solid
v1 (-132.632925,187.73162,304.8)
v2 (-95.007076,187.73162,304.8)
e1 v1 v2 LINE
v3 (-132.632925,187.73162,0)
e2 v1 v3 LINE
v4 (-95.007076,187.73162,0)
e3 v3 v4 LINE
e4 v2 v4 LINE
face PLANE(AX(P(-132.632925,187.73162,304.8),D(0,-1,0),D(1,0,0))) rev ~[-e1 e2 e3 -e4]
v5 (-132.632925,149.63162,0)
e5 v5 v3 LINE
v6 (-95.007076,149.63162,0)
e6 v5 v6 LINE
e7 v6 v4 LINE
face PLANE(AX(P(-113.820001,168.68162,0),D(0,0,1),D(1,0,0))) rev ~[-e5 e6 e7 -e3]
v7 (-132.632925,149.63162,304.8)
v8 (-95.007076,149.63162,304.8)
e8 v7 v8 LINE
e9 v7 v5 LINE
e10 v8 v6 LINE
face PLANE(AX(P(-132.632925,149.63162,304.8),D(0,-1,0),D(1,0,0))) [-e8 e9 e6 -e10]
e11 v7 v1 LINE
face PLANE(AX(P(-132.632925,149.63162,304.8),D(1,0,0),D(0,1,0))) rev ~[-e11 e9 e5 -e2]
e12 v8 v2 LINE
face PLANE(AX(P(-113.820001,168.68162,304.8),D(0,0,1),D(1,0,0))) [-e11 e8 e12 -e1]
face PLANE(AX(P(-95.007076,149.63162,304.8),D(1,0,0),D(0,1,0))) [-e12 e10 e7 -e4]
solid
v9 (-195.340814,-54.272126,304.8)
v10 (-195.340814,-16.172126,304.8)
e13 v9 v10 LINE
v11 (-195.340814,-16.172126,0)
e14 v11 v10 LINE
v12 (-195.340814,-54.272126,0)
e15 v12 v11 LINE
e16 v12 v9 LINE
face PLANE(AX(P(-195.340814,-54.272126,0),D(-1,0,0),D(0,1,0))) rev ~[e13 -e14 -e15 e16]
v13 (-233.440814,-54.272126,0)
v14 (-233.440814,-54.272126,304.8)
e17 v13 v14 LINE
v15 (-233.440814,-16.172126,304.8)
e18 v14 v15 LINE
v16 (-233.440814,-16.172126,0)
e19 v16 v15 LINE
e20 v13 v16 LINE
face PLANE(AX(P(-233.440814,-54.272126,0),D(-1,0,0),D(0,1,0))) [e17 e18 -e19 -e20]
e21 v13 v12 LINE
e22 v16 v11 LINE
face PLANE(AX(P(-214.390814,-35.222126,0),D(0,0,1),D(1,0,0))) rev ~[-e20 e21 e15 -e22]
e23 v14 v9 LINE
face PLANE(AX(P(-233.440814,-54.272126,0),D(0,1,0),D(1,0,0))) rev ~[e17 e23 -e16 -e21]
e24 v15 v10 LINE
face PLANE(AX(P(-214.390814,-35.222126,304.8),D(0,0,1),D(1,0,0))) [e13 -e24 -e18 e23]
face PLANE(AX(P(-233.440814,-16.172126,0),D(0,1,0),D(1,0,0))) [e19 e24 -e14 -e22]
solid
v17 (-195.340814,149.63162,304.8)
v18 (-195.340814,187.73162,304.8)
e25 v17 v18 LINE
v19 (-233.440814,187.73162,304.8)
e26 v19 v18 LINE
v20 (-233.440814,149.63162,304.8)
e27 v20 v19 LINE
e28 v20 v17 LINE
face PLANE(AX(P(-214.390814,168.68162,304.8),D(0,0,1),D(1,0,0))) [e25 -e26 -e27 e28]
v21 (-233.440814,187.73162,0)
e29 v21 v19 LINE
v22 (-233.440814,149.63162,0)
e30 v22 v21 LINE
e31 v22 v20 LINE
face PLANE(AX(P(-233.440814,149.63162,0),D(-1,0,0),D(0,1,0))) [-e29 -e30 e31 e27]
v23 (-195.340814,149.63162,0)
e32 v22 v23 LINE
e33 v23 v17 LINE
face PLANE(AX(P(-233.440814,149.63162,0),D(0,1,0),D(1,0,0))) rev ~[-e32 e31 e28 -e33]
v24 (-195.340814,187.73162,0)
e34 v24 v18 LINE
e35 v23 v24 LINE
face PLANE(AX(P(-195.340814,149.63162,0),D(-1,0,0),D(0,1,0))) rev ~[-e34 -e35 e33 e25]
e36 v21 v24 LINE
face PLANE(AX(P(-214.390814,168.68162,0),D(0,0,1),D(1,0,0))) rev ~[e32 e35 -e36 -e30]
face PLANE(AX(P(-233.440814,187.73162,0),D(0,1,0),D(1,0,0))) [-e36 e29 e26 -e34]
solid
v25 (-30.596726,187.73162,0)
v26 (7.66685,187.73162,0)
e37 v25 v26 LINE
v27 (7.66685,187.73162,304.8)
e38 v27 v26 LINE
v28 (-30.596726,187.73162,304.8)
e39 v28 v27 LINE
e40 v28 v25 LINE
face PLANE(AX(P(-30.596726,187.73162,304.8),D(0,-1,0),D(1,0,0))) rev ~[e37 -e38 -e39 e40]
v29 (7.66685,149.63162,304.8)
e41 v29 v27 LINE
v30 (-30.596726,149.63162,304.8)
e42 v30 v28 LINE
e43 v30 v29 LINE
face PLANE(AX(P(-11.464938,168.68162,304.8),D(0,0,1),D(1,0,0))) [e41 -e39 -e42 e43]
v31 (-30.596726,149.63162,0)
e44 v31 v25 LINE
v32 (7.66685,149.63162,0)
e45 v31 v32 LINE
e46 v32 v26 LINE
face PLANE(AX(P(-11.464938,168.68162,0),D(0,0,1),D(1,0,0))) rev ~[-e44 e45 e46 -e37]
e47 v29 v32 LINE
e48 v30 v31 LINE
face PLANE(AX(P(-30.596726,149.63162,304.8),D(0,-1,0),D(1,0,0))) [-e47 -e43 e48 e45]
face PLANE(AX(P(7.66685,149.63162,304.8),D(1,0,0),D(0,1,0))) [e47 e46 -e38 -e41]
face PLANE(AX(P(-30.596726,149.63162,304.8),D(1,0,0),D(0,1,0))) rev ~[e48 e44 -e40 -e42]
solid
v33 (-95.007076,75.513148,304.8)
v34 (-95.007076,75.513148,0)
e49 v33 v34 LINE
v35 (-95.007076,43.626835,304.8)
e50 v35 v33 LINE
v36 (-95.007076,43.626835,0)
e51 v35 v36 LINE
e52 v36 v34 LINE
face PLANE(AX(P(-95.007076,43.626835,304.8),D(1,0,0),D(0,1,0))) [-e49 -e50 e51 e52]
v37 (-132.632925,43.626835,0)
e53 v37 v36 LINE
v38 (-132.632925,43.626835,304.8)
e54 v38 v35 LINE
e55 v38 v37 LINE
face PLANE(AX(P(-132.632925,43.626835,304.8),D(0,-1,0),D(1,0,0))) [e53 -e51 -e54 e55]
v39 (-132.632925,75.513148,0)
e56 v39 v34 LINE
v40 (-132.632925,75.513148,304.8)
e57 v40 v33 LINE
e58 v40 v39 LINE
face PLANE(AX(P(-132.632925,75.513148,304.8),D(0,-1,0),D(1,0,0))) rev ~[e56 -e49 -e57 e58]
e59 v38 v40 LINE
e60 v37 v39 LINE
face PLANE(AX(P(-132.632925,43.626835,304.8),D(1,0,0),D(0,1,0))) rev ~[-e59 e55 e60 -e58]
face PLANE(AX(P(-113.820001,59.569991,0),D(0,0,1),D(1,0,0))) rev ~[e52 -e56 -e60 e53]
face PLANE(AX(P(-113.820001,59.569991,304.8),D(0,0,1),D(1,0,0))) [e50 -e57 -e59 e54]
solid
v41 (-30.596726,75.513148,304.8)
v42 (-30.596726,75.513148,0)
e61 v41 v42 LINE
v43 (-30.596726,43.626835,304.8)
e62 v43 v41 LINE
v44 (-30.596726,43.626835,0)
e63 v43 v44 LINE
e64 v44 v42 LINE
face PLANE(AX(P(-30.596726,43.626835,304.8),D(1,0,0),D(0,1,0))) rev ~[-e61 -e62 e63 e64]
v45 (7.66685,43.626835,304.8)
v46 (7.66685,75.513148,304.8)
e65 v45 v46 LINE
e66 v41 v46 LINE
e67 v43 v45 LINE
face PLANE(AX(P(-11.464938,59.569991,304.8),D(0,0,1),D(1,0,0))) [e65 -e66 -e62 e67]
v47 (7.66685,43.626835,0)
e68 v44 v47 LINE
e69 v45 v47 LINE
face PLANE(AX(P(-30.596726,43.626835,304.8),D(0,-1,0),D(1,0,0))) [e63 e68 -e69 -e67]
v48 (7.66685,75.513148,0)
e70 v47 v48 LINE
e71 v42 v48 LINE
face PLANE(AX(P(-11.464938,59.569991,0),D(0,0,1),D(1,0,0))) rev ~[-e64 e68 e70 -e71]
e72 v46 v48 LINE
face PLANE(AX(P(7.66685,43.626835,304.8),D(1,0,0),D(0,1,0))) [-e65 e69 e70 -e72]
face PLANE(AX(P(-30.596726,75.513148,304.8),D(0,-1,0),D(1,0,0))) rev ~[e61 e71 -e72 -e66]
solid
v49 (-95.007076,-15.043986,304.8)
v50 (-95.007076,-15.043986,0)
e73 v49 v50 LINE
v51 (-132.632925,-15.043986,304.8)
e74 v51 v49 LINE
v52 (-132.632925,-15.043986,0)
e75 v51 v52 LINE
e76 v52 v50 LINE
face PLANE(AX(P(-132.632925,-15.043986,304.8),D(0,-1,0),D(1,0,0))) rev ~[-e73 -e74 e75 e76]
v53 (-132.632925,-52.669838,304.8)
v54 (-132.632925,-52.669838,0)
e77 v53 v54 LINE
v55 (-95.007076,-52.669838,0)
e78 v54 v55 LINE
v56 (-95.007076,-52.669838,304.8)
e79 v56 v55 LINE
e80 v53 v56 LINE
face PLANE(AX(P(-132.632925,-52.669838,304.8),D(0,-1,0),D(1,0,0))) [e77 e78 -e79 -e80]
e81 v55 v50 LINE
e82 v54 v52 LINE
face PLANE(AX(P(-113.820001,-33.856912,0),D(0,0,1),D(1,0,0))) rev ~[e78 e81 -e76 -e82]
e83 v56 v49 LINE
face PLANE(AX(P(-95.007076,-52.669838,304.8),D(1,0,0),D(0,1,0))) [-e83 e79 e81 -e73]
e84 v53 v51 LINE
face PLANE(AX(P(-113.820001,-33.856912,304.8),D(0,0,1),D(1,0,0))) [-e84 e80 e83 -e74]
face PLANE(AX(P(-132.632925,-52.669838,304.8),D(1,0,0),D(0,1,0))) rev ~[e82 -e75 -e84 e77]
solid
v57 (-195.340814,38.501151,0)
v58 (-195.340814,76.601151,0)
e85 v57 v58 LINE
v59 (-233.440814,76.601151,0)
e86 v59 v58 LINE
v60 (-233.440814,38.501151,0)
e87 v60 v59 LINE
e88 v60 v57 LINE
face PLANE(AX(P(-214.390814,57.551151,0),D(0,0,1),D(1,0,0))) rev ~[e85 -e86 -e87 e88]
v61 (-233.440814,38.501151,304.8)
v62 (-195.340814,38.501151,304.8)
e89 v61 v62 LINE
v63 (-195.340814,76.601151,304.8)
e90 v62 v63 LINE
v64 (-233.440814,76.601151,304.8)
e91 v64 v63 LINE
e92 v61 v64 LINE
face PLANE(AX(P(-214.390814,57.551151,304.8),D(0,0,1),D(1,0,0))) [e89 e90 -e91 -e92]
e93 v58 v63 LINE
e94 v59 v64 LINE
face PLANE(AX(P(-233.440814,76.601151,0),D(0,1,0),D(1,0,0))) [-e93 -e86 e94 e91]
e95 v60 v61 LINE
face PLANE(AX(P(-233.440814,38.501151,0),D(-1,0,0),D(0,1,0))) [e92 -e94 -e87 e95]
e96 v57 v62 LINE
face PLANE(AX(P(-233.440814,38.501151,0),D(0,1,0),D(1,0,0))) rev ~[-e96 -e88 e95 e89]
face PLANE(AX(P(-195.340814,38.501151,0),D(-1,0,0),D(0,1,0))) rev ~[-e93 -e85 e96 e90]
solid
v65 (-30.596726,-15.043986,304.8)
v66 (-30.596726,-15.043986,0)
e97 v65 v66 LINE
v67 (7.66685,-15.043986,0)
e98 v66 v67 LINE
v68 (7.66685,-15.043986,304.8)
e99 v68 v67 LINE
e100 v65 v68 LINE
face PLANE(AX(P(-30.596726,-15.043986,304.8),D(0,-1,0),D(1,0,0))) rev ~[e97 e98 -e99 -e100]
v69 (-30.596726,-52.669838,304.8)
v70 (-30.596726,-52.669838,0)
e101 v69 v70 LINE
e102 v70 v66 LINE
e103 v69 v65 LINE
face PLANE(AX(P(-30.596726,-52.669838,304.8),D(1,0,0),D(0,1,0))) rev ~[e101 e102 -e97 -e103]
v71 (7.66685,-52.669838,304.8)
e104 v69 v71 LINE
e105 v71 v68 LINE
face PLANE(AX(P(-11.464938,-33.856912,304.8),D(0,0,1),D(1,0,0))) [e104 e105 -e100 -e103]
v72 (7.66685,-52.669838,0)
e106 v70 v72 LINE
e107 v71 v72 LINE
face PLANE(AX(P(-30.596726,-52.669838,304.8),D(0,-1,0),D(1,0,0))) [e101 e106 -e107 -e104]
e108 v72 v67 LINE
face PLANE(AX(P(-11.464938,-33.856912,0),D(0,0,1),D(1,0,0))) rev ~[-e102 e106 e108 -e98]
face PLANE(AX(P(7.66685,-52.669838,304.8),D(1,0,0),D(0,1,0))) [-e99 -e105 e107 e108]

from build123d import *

# Parameters (mm, degrees)
F1_W     = 38.1
F1_H     = 38.1
F2_DEPTH = 304.8
F3_W     = 37.625849
F3_H     = 38.1
F3_W_2   = 38.263576
F3_H_2   = 31.886313
F3_H_3   = 37.625852
F4_DEPTH = 304.8


with BuildPart() as f2:
    # F1 (on face) → F2 (new body)
    with BuildSketch(Plane.XY):
        with Locations((-214.390814, 168.68162)):
            Rectangle(F1_W, F1_H)
        with Locations((-214.390814, 57.551151)):
            Rectangle(F1_W, F1_H)
        with Locations((-214.390814, -35.222126)):
            Rectangle(F1_W, F1_H)
    extrude(amount=F2_DEPTH)


with BuildPart() as f4:
    # F3 (on face) → F4 (new body)
    with BuildSketch(Plane.XY.offset(304.8)):
        with Locations((-113.820001, 168.68162)):
            Rectangle(F3_W, F3_H)
        with Locations((-11.464938, 168.68162)):
            Rectangle(F3_W_2, F3_H)
        with Locations((-113.820001, 59.569991)):
            Rectangle(F3_W, F3_H_2)
        with Locations((-11.464938, 59.569991)):
            Rectangle(F3_W_2, F3_H_2)
        with Locations((-11.464938, -33.856912)):
            Rectangle(F3_W_2, F3_H_3)
        with Locations((-113.820001, -33.856912)):
            Rectangle(F3_W, F3_H_3)
    extrude(amount=-F4_DEPTH)


solid = Compound([f2.part, f4.part])
